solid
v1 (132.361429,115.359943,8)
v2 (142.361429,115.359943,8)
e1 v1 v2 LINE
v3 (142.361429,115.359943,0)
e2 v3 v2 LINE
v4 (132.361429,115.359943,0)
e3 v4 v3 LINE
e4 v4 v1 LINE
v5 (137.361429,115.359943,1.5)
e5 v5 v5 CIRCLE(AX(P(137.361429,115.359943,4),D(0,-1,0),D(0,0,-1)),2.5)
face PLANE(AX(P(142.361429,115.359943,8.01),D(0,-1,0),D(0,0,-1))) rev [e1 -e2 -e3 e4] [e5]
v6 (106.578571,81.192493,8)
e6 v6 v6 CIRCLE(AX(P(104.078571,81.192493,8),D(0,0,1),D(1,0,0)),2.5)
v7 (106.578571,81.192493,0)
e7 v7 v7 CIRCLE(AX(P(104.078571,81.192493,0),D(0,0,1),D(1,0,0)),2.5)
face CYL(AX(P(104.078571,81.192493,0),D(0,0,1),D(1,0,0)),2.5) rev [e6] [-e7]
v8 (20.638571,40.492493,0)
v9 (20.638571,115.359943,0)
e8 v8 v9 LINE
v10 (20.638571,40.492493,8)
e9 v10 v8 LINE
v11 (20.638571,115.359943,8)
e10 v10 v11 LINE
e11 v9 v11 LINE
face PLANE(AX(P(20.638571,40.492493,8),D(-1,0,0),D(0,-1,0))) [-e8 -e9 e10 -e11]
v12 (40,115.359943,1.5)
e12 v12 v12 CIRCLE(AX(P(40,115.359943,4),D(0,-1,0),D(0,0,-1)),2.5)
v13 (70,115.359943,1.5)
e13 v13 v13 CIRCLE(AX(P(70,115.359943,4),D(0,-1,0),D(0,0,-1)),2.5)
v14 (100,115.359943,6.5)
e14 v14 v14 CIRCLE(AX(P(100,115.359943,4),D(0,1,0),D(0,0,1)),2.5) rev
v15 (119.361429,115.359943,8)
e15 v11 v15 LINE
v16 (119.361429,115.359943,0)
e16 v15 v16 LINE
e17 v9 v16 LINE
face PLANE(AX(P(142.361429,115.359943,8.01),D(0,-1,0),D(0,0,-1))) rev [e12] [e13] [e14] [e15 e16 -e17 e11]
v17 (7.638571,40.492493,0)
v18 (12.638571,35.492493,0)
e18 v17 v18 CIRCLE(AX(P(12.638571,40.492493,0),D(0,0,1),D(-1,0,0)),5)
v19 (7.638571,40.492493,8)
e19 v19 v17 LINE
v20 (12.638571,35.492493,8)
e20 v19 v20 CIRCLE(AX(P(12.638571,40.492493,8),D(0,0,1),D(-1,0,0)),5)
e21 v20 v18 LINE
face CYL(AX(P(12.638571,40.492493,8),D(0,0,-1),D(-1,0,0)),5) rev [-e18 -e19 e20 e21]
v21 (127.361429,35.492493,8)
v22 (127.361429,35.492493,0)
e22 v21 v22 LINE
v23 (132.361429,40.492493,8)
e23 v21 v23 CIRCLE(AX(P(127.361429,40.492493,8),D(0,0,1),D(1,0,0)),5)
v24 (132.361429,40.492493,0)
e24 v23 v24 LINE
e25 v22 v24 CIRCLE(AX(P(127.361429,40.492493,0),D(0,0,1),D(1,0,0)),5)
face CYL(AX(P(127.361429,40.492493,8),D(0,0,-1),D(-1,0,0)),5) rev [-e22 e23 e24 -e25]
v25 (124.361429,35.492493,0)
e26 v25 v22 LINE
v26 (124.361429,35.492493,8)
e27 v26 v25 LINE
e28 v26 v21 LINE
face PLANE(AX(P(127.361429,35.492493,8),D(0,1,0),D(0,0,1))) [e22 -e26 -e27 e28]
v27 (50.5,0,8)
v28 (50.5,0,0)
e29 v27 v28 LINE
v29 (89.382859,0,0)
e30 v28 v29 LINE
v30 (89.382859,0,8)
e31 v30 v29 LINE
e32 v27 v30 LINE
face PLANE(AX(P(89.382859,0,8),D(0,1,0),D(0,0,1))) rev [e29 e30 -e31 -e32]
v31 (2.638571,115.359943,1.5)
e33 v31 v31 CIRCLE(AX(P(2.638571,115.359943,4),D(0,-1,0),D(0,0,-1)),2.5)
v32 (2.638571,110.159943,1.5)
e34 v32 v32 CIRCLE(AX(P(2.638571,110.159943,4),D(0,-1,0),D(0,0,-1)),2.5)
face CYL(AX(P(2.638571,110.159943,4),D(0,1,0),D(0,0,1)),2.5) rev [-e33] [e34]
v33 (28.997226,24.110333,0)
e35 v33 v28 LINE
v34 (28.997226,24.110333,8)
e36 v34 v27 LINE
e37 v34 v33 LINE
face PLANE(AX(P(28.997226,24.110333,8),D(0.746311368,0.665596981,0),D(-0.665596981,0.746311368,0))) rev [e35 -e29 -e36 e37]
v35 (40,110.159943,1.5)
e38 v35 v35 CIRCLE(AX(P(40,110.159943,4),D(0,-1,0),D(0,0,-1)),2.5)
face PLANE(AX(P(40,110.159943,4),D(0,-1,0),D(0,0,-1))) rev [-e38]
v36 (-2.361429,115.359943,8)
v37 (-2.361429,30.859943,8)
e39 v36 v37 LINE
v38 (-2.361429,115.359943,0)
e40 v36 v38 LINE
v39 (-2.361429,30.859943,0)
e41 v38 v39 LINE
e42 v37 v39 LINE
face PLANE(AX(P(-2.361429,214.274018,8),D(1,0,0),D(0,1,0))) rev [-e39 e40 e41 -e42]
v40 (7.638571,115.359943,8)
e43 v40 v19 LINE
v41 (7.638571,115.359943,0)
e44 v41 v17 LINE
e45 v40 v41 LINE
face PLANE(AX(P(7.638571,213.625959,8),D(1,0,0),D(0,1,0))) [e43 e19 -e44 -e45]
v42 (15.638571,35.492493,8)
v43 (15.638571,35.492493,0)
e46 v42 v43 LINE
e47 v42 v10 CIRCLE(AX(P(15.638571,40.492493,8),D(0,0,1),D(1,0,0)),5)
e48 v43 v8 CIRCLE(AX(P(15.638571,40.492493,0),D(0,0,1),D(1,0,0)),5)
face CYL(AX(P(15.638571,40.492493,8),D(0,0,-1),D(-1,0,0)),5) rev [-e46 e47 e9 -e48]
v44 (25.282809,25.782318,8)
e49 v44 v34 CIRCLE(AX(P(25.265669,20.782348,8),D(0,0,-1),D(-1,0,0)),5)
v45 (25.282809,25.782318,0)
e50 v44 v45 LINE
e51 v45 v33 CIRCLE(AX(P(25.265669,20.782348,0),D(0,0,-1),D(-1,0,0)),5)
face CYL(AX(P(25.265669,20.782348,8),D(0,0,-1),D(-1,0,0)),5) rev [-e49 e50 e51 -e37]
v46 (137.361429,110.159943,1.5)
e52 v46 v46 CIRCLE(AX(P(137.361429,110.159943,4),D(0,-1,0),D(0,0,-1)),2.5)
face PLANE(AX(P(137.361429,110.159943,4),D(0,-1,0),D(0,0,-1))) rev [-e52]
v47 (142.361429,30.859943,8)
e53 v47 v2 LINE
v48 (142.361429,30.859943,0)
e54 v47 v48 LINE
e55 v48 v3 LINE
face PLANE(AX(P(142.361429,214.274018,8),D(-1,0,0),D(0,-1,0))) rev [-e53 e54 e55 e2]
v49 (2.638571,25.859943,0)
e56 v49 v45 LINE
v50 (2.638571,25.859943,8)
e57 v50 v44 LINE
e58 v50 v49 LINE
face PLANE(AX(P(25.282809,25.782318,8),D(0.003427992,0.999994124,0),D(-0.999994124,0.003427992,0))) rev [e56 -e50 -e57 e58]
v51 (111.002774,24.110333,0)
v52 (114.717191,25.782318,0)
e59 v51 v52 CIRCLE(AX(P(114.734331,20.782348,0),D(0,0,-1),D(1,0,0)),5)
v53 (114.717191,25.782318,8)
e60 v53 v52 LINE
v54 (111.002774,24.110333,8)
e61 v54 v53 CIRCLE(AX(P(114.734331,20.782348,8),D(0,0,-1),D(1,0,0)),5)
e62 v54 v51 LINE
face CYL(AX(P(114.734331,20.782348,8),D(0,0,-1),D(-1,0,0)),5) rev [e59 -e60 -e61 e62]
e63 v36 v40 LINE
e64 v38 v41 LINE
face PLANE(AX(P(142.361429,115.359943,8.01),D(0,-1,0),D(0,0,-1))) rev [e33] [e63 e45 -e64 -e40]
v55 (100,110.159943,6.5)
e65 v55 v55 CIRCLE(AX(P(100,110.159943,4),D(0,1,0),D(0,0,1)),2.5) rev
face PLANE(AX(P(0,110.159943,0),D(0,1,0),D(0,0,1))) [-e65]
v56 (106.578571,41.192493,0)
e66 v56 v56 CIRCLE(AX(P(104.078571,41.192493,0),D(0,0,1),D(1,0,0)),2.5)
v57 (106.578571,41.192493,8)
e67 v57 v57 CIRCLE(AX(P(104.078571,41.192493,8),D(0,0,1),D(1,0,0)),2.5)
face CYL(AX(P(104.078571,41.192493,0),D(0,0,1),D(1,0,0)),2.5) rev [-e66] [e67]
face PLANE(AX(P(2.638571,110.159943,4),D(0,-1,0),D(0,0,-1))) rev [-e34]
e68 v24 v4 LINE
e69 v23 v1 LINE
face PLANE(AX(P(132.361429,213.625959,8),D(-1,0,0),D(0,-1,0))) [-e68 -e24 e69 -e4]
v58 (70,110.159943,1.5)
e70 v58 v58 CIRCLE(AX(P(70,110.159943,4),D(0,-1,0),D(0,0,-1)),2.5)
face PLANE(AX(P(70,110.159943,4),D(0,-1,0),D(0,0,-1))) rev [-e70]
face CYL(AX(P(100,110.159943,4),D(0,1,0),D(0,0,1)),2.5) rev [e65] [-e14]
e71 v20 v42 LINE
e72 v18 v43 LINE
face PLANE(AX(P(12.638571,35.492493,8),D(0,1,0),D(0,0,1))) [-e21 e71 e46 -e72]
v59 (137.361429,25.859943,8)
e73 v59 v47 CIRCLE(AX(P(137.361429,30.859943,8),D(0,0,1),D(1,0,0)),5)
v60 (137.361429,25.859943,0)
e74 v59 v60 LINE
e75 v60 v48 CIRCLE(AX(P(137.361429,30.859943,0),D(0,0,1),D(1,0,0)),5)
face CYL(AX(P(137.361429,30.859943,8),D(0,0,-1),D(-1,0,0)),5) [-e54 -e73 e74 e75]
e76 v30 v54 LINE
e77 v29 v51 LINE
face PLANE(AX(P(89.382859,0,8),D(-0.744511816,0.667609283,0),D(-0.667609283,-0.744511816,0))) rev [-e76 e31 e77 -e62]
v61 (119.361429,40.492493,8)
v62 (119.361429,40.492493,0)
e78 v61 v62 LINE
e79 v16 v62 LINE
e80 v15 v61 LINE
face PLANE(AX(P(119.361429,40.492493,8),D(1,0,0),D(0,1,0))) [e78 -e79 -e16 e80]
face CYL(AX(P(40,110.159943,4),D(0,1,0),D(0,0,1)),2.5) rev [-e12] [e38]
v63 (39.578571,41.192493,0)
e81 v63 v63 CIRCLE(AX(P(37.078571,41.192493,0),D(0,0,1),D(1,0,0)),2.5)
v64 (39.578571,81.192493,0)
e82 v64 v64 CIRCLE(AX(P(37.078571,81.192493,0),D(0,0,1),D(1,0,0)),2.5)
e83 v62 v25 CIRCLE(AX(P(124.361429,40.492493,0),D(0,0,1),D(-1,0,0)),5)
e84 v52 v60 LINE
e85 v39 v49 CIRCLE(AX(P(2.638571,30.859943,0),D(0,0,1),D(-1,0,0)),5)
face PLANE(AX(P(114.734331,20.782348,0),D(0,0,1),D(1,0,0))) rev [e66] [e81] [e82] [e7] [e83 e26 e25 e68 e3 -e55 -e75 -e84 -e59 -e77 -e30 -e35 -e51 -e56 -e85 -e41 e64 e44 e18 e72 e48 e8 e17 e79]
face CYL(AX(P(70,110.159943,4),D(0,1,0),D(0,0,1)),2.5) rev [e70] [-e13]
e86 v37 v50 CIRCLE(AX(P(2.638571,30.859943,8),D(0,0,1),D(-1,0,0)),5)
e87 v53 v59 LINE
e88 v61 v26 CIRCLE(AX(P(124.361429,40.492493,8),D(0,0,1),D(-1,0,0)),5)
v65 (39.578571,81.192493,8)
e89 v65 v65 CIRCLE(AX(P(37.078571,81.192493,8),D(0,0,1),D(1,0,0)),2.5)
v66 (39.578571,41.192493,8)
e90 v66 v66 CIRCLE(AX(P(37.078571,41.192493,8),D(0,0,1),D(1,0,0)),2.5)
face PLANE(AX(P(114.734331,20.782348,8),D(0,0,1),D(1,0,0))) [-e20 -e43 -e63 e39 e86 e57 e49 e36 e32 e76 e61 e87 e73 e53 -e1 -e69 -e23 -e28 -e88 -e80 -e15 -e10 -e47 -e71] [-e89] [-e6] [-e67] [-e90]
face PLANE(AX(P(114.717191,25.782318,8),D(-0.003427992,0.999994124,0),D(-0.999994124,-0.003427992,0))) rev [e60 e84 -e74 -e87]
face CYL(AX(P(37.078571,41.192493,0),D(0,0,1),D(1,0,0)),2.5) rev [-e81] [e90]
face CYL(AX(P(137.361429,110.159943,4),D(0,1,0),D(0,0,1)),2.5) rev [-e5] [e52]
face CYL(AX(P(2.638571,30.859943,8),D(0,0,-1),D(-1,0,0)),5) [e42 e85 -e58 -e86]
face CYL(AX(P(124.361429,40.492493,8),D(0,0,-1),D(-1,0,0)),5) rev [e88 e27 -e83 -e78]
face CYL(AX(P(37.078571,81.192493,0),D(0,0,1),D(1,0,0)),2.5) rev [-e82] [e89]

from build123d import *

# Parameters (mm, degrees)
BOSS_EXTRUDE1_DEPTH    = 8
SKETCH2_W              = 45
SKETCH2_H              = 52
CUT_EXTRUDE1_DEPTH     = 342.206659287
SPLIT1_SURFACE_1_BACK  = 343.199
SPLIT1_SURFACE_1_DEPTH = 686.398
SPLIT1_SURFACE_2_BACK  = 343.199
SPLIT1_SURFACE_2_DEPTH = 686.398
SKETCH5_R              = 2.5
CUT_EXTRUDE6_DEPTH     = 5.2
SKETCH4_R              = 2.5
CUT_EXTRUDE7_DEPTH     = 5.2
SKETCH6_R              = 2.5
CUT_EXTRUDE8_DEPTH     = 184.408541223


with BuildPart() as part:
    # Sketch1 → Boss-Extrude1 (new body)
    with BuildSketch(Plane.XY):
        with BuildLine():
            Line((70, 309.985818768), (85.299227191, 309.985818768))
            ThreePointArc((85.299227191, 309.985818768), (88.489017574, 308.836174247), (90.211957942, 305.915913694))
            Line((90.211957942, 305.915913694), (96.672728921, 271.790334282))
            ThreePointArc((96.672728921, 271.790334282), (97.06575438, 270.906904614), (97.621470019, 270.115641625))
            Line((97.621470019, 270.115641625), (139.950460317, 220.786053348))
            ThreePointArc((139.950460317, 220.786053348), (141.739336996, 217.746026552), (142.361429131, 214.274017901))
            Line((142.361429131, 214.274017901), (142.361429131, 30.859943174))
            ThreePointArc((142.361429131, 30.859943174), (140.896963037, 27.324409268), (137.361429131, 25.859943174))
            Line((137.361429131, 25.859943174), (114.717190871, 25.782318449))
            ThreePointArc((114.717190871, 25.782318449), (112.681998989, 25.341726514), (111.002773989, 24.110332733))
            Line((111.002773989, 24.110332733), (89.38285929, 0))
            Line((89.38285929, 0), (50.5, 0))
            Line((50.5, 0), (28.997226011, 24.110332733))
            ThreePointArc((28.997226011, 24.110332733), (27.318001011, 25.341726514), (25.282809129, 25.782318449))
            Line((25.282809129, 25.782318449), (2.638570869, 25.859943174))
            ThreePointArc((2.638570869, 25.859943174), (-0.896963037, 27.324409268), (-2.361429131, 30.859943174))
            Line((-2.361429131, 30.859943174), (-2.361429131, 214.274017901))
            ThreePointArc((-2.361429131, 214.274017901), (-1.739336996, 217.746026552), (0.049539683, 220.786053348))
            Line((0.049539683, 220.786053348), (42.261389271, 270.115641625))
            ThreePointArc((42.261389271, 270.115641625), (42.81710491, 270.906904614), (43.210130369, 271.790334282))
            Line((43.210130369, 271.790334282), (49.724618218, 305.923183314))
            ThreePointArc((49.724618218, 305.923183314), (51.449026762, 308.838533573), (54.635967087, 309.985818768))
            Line((54.635967087, 309.985818768), (70, 309.985818768))
        make_face()
        with BuildLine():
            Line((12.638570869, 35.492492662), (15.638570869, 35.492492662))
            ThreePointArc((15.638570869, 35.492492662), (19.174104775, 36.956958756), (20.638570869, 40.492492662))
            Line((20.638570869, 40.492492662), (20.638570869, 213.625959477))
            Line((20.638570869, 213.625959477), (7.638570869, 213.625959477))
            Line((7.638570869, 213.625959477), (7.638570869, 40.492492662))
            ThreePointArc((7.638570869, 40.492492662), (9.103036963, 36.956958756), (12.638570869, 35.492492662))
        make_face(mode=Mode.SUBTRACT)
        with BuildLine():
            Line((127.361429131, 35.492492662), (124.361429131, 35.492492662))
            ThreePointArc((124.361429131, 35.492492662), (120.825895225, 36.956958756), (119.361429131, 40.492492662))
            Line((119.361429131, 40.492492662), (119.361429131, 213.625959477))
            Line((119.361429131, 213.625959477), (132.361429131, 213.625959477))
            Line((132.361429131, 213.625959477), (132.361429131, 40.492492662))
            ThreePointArc((132.361429131, 40.492492662), (130.896963037, 36.956958756), (127.361429131, 35.492492662))
        make_face(mode=Mode.SUBTRACT)
    extrude(amount=BOSS_EXTRUDE1_DEPTH)

    # Sketch2 → Cut-Extrude1 (cut, through all)
    with BuildSketch(Plane.XY.offset(8)):
        with Locations((69.88285929, 180.008918923)):
            Rectangle(SKETCH2_W, SKETCH2_H)
    extrude(amount=-CUT_EXTRUDE1_DEPTH, mode=Mode.SUBTRACT)


with BuildPart() as body_2:
    # Split1: the piece behind the surface
    add(part.part)
    # Split1 surface: a surface, the sketch's curves swept straight by 686.398 mm
    with BuildLine(Plane(origin=(0, 0, 0), x_dir=(-1, 0, 0), z_dir=(0, 0, -1)).offset(-SPLIT1_SURFACE_1_BACK), mode=Mode.PRIVATE) as split1_surface_1_path:
        Line((-142.361429131, 115.359943174), (2.361429131, 115.359943174))
    split1_surface_1 = Shell.extrude(split1_surface_1_path.wire(), (0 * SPLIT1_SURFACE_1_DEPTH, 0 * SPLIT1_SURFACE_1_DEPTH, -1 * SPLIT1_SURFACE_1_DEPTH))
    split(bisect_by=split1_surface_1, keep=Keep.BOTTOM)

    # Sketch5 → Cut-Extrude6 (cut)
    with BuildSketch(Plane(origin=(0, 115.359943174, -115.359943174), x_dir=(1, 0, 0), z_dir=(0, -1, 0))):
        with Locations(Location((100, 119.359943174, 0), (0, 0, 90))):
            Circle(SKETCH5_R)
        with Locations(Location((2.638570869, 119.359943174, 0), (0, 0, 270))):
            Circle(SKETCH5_R)
        with Locations(Location((40, 119.359943174, 0), (0, 0, 270))):
            Circle(SKETCH5_R)
        with Locations(Location((70, 119.359943174, 0), (0, 0, 270))):
            Circle(SKETCH5_R)
        with Locations(Location((137.361429131, 119.359943174, 0), (0, 0, 270))):
            Circle(SKETCH5_R)
    extrude(amount=CUT_EXTRUDE6_DEPTH, mode=Mode.SUBTRACT)

    # Sketch6 → Cut-Extrude8 (cut, through all)
    with BuildSketch(Plane.XY.offset(8)):
        with Locations((37.078570869, 81.192492662)):
            Circle(SKETCH6_R)
        with Locations((104.078570869, 81.192492662)):
            Circle(SKETCH6_R)
        with Locations((104.078570869, 41.192492662)):
            Circle(SKETCH6_R)
        with Locations((37.078570869, 41.192492662)):
            Circle(SKETCH6_R)
    extrude(amount=-CUT_EXTRUDE8_DEPTH, mode=Mode.SUBTRACT)


with BuildPart() as part_1:
    add(part.part)

    # Split1: split by a surface, the side it looks to stays
    # Split1 surface: a surface, the sketch's curves swept straight by 686.398 mm
    with BuildLine(Plane(origin=(0, 0, 0), x_dir=(-1, 0, 0), z_dir=(0, 0, -1)).offset(-SPLIT1_SURFACE_2_BACK), mode=Mode.PRIVATE) as split1_surface_2_path:
        Line((-142.361429131, 115.359943174), (2.361429131, 115.359943174))
    split1_surface_2 = Shell.extrude(split1_surface_2_path.wire(), (0 * SPLIT1_SURFACE_2_DEPTH, 0 * SPLIT1_SURFACE_2_DEPTH, -1 * SPLIT1_SURFACE_2_DEPTH))
    split(bisect_by=split1_surface_2, keep=Keep.TOP)

    # Sketch4 → Cut-Extrude7 (cut)
    with BuildSketch(Plane(origin=(0, 115.359943174, 0), x_dir=(-1, 0, 0), z_dir=(0, -1, 0))):
        with Locations(Location((-70, -4, 0), (0, 0, 90))):
            Circle(SKETCH4_R)
        with Locations(Location((-40, -4, 0), (0, 0, 90))):
            Circle(SKETCH4_R)
        with Locations(Location((-100, -4, 0), (0, 0, 270))):
            Circle(SKETCH4_R)
        with Locations(Location((-137.361429131, -4, 0), (0, 0, 90))):
            Circle(SKETCH4_R)
        with Locations(Location((-2.638570869, -4, 0), (0, 0, 90))):
            Circle(SKETCH4_R)
    extrude(amount=-CUT_EXTRUDE7_DEPTH, mode=Mode.SUBTRACT)


solid = body_2.part
